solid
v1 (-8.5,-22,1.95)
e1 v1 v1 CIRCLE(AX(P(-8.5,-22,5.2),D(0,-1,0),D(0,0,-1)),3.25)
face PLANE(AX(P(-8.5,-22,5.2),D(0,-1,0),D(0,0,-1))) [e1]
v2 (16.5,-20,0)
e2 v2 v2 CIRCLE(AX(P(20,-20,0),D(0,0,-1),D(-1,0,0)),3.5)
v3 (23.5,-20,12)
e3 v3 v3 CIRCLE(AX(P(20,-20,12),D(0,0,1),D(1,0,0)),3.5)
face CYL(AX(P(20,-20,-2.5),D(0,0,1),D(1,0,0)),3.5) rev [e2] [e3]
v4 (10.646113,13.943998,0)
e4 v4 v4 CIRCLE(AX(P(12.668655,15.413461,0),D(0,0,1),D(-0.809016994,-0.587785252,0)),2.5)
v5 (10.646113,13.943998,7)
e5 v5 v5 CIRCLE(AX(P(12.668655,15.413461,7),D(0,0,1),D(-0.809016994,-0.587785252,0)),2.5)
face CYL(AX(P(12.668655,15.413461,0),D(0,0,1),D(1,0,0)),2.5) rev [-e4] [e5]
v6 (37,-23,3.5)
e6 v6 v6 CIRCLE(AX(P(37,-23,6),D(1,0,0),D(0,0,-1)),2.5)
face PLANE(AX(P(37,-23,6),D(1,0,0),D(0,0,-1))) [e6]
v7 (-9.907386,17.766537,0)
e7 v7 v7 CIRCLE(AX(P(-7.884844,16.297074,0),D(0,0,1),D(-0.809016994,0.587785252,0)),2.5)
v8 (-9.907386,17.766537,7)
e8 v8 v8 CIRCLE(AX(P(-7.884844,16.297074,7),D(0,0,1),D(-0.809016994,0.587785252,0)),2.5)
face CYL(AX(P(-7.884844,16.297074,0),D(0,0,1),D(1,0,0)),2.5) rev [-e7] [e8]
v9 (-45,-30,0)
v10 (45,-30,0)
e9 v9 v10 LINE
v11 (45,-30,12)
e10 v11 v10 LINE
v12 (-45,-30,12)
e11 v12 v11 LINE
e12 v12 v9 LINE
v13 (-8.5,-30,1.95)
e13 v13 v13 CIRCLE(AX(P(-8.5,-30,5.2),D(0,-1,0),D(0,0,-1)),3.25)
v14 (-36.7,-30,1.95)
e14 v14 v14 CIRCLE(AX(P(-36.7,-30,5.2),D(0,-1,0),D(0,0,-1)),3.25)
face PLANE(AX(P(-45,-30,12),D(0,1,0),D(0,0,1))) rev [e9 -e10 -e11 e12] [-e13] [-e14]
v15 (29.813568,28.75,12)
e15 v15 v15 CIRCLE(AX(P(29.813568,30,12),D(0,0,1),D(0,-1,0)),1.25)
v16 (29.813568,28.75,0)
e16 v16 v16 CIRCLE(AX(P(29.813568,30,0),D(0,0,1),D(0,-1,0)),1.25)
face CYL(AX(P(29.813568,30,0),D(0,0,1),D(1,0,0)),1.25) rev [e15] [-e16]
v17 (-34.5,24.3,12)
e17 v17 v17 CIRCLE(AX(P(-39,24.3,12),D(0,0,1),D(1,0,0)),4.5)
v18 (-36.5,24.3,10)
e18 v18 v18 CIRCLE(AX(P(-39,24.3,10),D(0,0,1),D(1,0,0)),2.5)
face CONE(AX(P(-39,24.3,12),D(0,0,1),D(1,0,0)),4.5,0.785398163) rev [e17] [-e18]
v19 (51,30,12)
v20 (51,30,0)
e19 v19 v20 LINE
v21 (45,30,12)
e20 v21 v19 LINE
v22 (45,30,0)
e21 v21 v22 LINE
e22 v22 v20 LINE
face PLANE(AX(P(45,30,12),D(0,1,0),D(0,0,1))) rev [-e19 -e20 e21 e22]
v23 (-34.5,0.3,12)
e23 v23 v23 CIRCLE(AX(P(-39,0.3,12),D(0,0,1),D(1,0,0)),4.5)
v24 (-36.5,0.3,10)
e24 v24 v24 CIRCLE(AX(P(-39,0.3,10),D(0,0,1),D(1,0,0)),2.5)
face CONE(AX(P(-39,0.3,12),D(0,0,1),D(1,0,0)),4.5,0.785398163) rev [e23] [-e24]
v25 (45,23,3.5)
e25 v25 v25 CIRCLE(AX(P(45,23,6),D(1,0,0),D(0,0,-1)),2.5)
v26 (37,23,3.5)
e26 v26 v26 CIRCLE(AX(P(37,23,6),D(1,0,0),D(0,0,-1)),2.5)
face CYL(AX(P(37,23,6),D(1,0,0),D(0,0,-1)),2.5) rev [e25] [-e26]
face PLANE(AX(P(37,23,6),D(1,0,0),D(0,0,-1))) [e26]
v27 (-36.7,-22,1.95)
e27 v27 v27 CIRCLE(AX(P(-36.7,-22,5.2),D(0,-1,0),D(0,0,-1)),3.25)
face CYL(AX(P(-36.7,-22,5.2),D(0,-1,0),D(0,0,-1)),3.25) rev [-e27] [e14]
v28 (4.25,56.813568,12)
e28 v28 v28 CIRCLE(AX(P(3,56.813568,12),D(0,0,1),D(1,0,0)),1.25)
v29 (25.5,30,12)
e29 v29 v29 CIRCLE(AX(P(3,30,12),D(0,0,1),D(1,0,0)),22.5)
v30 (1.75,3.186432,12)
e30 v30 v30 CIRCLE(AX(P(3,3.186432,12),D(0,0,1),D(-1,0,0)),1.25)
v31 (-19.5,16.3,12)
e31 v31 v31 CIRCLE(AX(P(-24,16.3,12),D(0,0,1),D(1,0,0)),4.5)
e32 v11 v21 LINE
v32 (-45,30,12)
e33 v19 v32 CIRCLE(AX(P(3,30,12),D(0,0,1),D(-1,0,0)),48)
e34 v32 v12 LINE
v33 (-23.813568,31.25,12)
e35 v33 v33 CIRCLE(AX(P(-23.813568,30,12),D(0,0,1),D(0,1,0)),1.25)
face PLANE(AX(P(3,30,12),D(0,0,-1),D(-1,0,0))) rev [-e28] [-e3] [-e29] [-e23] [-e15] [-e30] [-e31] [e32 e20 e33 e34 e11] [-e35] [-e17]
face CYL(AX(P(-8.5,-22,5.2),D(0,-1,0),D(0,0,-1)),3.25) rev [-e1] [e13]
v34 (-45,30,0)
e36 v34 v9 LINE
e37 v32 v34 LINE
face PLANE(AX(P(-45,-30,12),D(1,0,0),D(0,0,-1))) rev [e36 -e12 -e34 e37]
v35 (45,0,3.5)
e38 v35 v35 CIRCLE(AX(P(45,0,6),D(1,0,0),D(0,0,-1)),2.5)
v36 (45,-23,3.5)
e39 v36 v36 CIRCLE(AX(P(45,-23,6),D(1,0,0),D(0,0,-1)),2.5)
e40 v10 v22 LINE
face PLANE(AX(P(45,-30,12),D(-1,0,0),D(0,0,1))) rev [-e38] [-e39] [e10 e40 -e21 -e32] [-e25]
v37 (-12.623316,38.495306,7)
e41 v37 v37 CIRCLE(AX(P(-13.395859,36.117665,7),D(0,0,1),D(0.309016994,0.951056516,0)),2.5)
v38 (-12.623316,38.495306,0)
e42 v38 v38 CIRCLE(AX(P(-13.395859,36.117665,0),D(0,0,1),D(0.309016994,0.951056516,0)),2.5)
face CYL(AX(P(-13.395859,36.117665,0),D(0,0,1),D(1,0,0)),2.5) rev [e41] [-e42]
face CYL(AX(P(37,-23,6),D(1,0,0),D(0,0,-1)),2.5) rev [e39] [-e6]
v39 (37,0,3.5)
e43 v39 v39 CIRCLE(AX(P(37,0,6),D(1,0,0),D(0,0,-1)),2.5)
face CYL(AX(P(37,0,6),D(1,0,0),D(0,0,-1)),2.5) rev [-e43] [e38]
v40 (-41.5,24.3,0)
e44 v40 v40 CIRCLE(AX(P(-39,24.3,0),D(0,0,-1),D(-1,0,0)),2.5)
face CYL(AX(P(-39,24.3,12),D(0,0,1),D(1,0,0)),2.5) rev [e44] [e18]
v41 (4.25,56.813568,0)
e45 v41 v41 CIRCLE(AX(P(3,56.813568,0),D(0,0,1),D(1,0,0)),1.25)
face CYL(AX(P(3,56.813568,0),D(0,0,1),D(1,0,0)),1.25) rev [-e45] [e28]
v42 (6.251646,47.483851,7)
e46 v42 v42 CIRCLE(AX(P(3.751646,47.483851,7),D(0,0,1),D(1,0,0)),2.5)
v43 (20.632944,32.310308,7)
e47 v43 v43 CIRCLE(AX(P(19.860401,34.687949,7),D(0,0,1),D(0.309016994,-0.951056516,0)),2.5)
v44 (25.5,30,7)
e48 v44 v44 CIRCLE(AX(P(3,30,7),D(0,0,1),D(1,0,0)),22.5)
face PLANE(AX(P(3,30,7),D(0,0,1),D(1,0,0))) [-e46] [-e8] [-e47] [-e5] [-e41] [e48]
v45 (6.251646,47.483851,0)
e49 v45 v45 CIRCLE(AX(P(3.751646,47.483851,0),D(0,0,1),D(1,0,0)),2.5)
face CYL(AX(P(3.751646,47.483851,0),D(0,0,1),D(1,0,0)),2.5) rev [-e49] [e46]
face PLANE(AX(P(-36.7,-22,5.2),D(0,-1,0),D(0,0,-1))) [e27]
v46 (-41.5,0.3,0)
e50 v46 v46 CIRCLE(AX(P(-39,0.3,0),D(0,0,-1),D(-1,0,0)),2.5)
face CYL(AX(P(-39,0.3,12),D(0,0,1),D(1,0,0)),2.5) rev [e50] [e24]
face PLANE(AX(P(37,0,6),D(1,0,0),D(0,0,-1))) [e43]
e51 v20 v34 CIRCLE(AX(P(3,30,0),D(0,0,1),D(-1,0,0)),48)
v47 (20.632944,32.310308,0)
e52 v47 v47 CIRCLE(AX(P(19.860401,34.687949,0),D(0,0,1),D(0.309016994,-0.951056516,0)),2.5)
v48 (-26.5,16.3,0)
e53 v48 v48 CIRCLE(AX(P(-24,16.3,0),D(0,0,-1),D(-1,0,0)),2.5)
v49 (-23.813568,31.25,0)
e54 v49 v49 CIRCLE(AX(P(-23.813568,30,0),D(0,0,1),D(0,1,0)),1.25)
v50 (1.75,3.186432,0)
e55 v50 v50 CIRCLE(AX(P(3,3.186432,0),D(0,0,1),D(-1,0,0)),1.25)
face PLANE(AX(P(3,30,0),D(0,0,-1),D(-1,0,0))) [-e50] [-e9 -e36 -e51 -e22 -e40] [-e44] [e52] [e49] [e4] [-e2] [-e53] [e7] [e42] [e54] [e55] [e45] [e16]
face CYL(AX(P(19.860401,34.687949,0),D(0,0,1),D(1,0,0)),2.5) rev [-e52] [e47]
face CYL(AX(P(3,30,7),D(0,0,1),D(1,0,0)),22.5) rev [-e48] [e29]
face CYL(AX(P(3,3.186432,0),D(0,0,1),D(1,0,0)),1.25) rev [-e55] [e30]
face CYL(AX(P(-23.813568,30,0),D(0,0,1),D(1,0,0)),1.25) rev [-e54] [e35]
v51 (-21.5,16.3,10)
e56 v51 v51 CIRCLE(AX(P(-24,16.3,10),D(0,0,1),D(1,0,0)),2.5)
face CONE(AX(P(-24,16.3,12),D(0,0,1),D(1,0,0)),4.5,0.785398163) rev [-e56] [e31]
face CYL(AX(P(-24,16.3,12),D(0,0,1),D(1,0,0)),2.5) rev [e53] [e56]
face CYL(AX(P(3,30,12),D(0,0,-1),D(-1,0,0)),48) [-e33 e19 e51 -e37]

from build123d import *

# Parameters (mm, degrees)
BOSS_EXTRUDE1_DEPTH                             = 12
SKETCH2_R                                       = 22.5
CUT_EXTRUDE1_DEPTH                              = 5
SKETCH3_R                                       = 2.5
CUT_EXTRUDE2_DEPTH                              = 94.45587194
CIRPATTERN1_COUNT                               = 5
SKETCH4_R                                       = 1.25
CUT_EXTRUDE3_DEPTH                              = 94.96275858
CIRPATTERN2_COUNT                               = 4
SKETCH11_R                                      = 3.5
CUT_EXTRUDE8_DEPTH                              = 14.5
SKETCH13_R                                      = 3.25
CUT_EXTRUDE9_DEPTH                              = 8
LPATTERN2_COUNT                                 = 2
LPATTERN2_PITCH                                 = 28.2
SKETCH14_R                                      = 2.5
CUT_EXTRUDE10_DEPTH                             = 8
LPATTERN3_COUNT                                 = 3
LPATTERN3_PITCH                                 = 23
CSK_FOR_M5_FLAT_HEAD_MACHINE_SCREW1_D           = 5
CSK_FOR_M5_FLAT_HEAD_MACHINE_SCREW1_CSINK_D     = 9
CSK_FOR_M5_FLAT_HEAD_MACHINE_SCREW1_CSINK_ANGLE = 90


with BuildPart() as part:
    # Sketch1 → Boss-Extrude1 (new body)
    with BuildSketch(Plane.XY):
        with BuildLine():
            Line((45, 30), (51, 30))
            ThreePointArc((51, 30), (3, 78), (-45, 30))
            Line((-45, 30), (-45, -30))
            Line((-45, -30), (45, -30))
            Line((45, -30), (45, 30))
        make_face()
    extrude(amount=BOSS_EXTRUDE1_DEPTH)

    # Sketch2 → Cut-Extrude1 (cut)
    with BuildSketch(Plane.XY.offset(12)):
        with Locations((3, 30)):
            Circle(SKETCH2_R)
    extrude(amount=-CUT_EXTRUDE1_DEPTH, mode=Mode.SUBTRACT)

    # Sketch3 → Cut-Extrude2 (cut, through all)
    with BuildSketch(Plane.XY.offset(7)):
        with Locations((3.751645972, 47.483850501)):
            Circle(SKETCH3_R)
    cut_extrude2 = extrude(amount=-CUT_EXTRUDE2_DEPTH, mode=Mode.SUBTRACT)

    # CirPattern1: Cut-Extrude2 ×5 about axis
    cirpattern1_axis = Axis((3, 30, 0), (0, 0, 1))
    for i in range(1, CIRPATTERN1_COUNT):
        add(cut_extrude2.rotate(cirpattern1_axis, i * 360 / CIRPATTERN1_COUNT), mode=Mode.SUBTRACT)

    # Sketch4 → Cut-Extrude3 (cut, through all)
    with BuildSketch(Plane.XY.offset(12)):
        with Locations((3, 56.81356815)):
            Circle(SKETCH4_R)
    cut_extrude3 = extrude(amount=-CUT_EXTRUDE3_DEPTH, mode=Mode.SUBTRACT)

    # CirPattern2: Cut-Extrude3 ×4 about axis
    cirpattern2_axis = Axis((3, 30, 0), (0, 0, 1))
    for i in range(1, CIRPATTERN2_COUNT):
        add(cut_extrude3.rotate(cirpattern2_axis, i * 360 / CIRPATTERN2_COUNT), mode=Mode.SUBTRACT)

    # Sketch11 → Cut-Extrude8 (cut)
    with BuildSketch(Plane.XY.offset(12)):
        with Locations((20, -20)):
            Circle(SKETCH11_R)
    extrude(amount=-CUT_EXTRUDE8_DEPTH, mode=Mode.SUBTRACT)

    # Sketch13 → Cut-Extrude9 (cut)
    with BuildSketch(Plane.XZ.offset(30)):
        with Locations(Location((-36.7, 5.2, 0), (0, 0, 270))):
            Circle(SKETCH13_R)
    cut_extrude9 = extrude(amount=-CUT_EXTRUDE9_DEPTH, mode=Mode.SUBTRACT)

    # LPattern2: Cut-Extrude9 ×2
    with Locations(*[(i * LPATTERN2_PITCH, 0, 0) for i in range(1, LPATTERN2_COUNT)]):
        add(cut_extrude9, mode=Mode.SUBTRACT)

    # Sketch14 → Cut-Extrude10 (cut)
    with BuildSketch(Plane(origin=(45, 0, 0), x_dir=(0, 0, -1), z_dir=(1, 0, 0))):
        with Locations((-6, -23)):
            Circle(SKETCH14_R)
    cut_extrude10 = extrude(amount=-CUT_EXTRUDE10_DEPTH, mode=Mode.SUBTRACT)

    # LPattern3: Cut-Extrude10 ×3
    with Locations(*[(0, i * LPATTERN3_PITCH, 0) for i in range(1, LPATTERN3_COUNT)]):
        add(cut_extrude10, mode=Mode.SUBTRACT)

    # CSK for M5 Flat Head Machine Screw1 (through all)
    with Locations(Plane.XY.offset(12)):
        with Locations((-39, 24.3), (-39, 0.3), (-24, 16.3)):
            CounterSinkHole(CSK_FOR_M5_FLAT_HEAD_MACHINE_SCREW1_D / 2, CSK_FOR_M5_FLAT_HEAD_MACHINE_SCREW1_CSINK_D / 2, counter_sink_angle=CSK_FOR_M5_FLAT_HEAD_MACHINE_SCREW1_CSINK_ANGLE)


solid = part.part
